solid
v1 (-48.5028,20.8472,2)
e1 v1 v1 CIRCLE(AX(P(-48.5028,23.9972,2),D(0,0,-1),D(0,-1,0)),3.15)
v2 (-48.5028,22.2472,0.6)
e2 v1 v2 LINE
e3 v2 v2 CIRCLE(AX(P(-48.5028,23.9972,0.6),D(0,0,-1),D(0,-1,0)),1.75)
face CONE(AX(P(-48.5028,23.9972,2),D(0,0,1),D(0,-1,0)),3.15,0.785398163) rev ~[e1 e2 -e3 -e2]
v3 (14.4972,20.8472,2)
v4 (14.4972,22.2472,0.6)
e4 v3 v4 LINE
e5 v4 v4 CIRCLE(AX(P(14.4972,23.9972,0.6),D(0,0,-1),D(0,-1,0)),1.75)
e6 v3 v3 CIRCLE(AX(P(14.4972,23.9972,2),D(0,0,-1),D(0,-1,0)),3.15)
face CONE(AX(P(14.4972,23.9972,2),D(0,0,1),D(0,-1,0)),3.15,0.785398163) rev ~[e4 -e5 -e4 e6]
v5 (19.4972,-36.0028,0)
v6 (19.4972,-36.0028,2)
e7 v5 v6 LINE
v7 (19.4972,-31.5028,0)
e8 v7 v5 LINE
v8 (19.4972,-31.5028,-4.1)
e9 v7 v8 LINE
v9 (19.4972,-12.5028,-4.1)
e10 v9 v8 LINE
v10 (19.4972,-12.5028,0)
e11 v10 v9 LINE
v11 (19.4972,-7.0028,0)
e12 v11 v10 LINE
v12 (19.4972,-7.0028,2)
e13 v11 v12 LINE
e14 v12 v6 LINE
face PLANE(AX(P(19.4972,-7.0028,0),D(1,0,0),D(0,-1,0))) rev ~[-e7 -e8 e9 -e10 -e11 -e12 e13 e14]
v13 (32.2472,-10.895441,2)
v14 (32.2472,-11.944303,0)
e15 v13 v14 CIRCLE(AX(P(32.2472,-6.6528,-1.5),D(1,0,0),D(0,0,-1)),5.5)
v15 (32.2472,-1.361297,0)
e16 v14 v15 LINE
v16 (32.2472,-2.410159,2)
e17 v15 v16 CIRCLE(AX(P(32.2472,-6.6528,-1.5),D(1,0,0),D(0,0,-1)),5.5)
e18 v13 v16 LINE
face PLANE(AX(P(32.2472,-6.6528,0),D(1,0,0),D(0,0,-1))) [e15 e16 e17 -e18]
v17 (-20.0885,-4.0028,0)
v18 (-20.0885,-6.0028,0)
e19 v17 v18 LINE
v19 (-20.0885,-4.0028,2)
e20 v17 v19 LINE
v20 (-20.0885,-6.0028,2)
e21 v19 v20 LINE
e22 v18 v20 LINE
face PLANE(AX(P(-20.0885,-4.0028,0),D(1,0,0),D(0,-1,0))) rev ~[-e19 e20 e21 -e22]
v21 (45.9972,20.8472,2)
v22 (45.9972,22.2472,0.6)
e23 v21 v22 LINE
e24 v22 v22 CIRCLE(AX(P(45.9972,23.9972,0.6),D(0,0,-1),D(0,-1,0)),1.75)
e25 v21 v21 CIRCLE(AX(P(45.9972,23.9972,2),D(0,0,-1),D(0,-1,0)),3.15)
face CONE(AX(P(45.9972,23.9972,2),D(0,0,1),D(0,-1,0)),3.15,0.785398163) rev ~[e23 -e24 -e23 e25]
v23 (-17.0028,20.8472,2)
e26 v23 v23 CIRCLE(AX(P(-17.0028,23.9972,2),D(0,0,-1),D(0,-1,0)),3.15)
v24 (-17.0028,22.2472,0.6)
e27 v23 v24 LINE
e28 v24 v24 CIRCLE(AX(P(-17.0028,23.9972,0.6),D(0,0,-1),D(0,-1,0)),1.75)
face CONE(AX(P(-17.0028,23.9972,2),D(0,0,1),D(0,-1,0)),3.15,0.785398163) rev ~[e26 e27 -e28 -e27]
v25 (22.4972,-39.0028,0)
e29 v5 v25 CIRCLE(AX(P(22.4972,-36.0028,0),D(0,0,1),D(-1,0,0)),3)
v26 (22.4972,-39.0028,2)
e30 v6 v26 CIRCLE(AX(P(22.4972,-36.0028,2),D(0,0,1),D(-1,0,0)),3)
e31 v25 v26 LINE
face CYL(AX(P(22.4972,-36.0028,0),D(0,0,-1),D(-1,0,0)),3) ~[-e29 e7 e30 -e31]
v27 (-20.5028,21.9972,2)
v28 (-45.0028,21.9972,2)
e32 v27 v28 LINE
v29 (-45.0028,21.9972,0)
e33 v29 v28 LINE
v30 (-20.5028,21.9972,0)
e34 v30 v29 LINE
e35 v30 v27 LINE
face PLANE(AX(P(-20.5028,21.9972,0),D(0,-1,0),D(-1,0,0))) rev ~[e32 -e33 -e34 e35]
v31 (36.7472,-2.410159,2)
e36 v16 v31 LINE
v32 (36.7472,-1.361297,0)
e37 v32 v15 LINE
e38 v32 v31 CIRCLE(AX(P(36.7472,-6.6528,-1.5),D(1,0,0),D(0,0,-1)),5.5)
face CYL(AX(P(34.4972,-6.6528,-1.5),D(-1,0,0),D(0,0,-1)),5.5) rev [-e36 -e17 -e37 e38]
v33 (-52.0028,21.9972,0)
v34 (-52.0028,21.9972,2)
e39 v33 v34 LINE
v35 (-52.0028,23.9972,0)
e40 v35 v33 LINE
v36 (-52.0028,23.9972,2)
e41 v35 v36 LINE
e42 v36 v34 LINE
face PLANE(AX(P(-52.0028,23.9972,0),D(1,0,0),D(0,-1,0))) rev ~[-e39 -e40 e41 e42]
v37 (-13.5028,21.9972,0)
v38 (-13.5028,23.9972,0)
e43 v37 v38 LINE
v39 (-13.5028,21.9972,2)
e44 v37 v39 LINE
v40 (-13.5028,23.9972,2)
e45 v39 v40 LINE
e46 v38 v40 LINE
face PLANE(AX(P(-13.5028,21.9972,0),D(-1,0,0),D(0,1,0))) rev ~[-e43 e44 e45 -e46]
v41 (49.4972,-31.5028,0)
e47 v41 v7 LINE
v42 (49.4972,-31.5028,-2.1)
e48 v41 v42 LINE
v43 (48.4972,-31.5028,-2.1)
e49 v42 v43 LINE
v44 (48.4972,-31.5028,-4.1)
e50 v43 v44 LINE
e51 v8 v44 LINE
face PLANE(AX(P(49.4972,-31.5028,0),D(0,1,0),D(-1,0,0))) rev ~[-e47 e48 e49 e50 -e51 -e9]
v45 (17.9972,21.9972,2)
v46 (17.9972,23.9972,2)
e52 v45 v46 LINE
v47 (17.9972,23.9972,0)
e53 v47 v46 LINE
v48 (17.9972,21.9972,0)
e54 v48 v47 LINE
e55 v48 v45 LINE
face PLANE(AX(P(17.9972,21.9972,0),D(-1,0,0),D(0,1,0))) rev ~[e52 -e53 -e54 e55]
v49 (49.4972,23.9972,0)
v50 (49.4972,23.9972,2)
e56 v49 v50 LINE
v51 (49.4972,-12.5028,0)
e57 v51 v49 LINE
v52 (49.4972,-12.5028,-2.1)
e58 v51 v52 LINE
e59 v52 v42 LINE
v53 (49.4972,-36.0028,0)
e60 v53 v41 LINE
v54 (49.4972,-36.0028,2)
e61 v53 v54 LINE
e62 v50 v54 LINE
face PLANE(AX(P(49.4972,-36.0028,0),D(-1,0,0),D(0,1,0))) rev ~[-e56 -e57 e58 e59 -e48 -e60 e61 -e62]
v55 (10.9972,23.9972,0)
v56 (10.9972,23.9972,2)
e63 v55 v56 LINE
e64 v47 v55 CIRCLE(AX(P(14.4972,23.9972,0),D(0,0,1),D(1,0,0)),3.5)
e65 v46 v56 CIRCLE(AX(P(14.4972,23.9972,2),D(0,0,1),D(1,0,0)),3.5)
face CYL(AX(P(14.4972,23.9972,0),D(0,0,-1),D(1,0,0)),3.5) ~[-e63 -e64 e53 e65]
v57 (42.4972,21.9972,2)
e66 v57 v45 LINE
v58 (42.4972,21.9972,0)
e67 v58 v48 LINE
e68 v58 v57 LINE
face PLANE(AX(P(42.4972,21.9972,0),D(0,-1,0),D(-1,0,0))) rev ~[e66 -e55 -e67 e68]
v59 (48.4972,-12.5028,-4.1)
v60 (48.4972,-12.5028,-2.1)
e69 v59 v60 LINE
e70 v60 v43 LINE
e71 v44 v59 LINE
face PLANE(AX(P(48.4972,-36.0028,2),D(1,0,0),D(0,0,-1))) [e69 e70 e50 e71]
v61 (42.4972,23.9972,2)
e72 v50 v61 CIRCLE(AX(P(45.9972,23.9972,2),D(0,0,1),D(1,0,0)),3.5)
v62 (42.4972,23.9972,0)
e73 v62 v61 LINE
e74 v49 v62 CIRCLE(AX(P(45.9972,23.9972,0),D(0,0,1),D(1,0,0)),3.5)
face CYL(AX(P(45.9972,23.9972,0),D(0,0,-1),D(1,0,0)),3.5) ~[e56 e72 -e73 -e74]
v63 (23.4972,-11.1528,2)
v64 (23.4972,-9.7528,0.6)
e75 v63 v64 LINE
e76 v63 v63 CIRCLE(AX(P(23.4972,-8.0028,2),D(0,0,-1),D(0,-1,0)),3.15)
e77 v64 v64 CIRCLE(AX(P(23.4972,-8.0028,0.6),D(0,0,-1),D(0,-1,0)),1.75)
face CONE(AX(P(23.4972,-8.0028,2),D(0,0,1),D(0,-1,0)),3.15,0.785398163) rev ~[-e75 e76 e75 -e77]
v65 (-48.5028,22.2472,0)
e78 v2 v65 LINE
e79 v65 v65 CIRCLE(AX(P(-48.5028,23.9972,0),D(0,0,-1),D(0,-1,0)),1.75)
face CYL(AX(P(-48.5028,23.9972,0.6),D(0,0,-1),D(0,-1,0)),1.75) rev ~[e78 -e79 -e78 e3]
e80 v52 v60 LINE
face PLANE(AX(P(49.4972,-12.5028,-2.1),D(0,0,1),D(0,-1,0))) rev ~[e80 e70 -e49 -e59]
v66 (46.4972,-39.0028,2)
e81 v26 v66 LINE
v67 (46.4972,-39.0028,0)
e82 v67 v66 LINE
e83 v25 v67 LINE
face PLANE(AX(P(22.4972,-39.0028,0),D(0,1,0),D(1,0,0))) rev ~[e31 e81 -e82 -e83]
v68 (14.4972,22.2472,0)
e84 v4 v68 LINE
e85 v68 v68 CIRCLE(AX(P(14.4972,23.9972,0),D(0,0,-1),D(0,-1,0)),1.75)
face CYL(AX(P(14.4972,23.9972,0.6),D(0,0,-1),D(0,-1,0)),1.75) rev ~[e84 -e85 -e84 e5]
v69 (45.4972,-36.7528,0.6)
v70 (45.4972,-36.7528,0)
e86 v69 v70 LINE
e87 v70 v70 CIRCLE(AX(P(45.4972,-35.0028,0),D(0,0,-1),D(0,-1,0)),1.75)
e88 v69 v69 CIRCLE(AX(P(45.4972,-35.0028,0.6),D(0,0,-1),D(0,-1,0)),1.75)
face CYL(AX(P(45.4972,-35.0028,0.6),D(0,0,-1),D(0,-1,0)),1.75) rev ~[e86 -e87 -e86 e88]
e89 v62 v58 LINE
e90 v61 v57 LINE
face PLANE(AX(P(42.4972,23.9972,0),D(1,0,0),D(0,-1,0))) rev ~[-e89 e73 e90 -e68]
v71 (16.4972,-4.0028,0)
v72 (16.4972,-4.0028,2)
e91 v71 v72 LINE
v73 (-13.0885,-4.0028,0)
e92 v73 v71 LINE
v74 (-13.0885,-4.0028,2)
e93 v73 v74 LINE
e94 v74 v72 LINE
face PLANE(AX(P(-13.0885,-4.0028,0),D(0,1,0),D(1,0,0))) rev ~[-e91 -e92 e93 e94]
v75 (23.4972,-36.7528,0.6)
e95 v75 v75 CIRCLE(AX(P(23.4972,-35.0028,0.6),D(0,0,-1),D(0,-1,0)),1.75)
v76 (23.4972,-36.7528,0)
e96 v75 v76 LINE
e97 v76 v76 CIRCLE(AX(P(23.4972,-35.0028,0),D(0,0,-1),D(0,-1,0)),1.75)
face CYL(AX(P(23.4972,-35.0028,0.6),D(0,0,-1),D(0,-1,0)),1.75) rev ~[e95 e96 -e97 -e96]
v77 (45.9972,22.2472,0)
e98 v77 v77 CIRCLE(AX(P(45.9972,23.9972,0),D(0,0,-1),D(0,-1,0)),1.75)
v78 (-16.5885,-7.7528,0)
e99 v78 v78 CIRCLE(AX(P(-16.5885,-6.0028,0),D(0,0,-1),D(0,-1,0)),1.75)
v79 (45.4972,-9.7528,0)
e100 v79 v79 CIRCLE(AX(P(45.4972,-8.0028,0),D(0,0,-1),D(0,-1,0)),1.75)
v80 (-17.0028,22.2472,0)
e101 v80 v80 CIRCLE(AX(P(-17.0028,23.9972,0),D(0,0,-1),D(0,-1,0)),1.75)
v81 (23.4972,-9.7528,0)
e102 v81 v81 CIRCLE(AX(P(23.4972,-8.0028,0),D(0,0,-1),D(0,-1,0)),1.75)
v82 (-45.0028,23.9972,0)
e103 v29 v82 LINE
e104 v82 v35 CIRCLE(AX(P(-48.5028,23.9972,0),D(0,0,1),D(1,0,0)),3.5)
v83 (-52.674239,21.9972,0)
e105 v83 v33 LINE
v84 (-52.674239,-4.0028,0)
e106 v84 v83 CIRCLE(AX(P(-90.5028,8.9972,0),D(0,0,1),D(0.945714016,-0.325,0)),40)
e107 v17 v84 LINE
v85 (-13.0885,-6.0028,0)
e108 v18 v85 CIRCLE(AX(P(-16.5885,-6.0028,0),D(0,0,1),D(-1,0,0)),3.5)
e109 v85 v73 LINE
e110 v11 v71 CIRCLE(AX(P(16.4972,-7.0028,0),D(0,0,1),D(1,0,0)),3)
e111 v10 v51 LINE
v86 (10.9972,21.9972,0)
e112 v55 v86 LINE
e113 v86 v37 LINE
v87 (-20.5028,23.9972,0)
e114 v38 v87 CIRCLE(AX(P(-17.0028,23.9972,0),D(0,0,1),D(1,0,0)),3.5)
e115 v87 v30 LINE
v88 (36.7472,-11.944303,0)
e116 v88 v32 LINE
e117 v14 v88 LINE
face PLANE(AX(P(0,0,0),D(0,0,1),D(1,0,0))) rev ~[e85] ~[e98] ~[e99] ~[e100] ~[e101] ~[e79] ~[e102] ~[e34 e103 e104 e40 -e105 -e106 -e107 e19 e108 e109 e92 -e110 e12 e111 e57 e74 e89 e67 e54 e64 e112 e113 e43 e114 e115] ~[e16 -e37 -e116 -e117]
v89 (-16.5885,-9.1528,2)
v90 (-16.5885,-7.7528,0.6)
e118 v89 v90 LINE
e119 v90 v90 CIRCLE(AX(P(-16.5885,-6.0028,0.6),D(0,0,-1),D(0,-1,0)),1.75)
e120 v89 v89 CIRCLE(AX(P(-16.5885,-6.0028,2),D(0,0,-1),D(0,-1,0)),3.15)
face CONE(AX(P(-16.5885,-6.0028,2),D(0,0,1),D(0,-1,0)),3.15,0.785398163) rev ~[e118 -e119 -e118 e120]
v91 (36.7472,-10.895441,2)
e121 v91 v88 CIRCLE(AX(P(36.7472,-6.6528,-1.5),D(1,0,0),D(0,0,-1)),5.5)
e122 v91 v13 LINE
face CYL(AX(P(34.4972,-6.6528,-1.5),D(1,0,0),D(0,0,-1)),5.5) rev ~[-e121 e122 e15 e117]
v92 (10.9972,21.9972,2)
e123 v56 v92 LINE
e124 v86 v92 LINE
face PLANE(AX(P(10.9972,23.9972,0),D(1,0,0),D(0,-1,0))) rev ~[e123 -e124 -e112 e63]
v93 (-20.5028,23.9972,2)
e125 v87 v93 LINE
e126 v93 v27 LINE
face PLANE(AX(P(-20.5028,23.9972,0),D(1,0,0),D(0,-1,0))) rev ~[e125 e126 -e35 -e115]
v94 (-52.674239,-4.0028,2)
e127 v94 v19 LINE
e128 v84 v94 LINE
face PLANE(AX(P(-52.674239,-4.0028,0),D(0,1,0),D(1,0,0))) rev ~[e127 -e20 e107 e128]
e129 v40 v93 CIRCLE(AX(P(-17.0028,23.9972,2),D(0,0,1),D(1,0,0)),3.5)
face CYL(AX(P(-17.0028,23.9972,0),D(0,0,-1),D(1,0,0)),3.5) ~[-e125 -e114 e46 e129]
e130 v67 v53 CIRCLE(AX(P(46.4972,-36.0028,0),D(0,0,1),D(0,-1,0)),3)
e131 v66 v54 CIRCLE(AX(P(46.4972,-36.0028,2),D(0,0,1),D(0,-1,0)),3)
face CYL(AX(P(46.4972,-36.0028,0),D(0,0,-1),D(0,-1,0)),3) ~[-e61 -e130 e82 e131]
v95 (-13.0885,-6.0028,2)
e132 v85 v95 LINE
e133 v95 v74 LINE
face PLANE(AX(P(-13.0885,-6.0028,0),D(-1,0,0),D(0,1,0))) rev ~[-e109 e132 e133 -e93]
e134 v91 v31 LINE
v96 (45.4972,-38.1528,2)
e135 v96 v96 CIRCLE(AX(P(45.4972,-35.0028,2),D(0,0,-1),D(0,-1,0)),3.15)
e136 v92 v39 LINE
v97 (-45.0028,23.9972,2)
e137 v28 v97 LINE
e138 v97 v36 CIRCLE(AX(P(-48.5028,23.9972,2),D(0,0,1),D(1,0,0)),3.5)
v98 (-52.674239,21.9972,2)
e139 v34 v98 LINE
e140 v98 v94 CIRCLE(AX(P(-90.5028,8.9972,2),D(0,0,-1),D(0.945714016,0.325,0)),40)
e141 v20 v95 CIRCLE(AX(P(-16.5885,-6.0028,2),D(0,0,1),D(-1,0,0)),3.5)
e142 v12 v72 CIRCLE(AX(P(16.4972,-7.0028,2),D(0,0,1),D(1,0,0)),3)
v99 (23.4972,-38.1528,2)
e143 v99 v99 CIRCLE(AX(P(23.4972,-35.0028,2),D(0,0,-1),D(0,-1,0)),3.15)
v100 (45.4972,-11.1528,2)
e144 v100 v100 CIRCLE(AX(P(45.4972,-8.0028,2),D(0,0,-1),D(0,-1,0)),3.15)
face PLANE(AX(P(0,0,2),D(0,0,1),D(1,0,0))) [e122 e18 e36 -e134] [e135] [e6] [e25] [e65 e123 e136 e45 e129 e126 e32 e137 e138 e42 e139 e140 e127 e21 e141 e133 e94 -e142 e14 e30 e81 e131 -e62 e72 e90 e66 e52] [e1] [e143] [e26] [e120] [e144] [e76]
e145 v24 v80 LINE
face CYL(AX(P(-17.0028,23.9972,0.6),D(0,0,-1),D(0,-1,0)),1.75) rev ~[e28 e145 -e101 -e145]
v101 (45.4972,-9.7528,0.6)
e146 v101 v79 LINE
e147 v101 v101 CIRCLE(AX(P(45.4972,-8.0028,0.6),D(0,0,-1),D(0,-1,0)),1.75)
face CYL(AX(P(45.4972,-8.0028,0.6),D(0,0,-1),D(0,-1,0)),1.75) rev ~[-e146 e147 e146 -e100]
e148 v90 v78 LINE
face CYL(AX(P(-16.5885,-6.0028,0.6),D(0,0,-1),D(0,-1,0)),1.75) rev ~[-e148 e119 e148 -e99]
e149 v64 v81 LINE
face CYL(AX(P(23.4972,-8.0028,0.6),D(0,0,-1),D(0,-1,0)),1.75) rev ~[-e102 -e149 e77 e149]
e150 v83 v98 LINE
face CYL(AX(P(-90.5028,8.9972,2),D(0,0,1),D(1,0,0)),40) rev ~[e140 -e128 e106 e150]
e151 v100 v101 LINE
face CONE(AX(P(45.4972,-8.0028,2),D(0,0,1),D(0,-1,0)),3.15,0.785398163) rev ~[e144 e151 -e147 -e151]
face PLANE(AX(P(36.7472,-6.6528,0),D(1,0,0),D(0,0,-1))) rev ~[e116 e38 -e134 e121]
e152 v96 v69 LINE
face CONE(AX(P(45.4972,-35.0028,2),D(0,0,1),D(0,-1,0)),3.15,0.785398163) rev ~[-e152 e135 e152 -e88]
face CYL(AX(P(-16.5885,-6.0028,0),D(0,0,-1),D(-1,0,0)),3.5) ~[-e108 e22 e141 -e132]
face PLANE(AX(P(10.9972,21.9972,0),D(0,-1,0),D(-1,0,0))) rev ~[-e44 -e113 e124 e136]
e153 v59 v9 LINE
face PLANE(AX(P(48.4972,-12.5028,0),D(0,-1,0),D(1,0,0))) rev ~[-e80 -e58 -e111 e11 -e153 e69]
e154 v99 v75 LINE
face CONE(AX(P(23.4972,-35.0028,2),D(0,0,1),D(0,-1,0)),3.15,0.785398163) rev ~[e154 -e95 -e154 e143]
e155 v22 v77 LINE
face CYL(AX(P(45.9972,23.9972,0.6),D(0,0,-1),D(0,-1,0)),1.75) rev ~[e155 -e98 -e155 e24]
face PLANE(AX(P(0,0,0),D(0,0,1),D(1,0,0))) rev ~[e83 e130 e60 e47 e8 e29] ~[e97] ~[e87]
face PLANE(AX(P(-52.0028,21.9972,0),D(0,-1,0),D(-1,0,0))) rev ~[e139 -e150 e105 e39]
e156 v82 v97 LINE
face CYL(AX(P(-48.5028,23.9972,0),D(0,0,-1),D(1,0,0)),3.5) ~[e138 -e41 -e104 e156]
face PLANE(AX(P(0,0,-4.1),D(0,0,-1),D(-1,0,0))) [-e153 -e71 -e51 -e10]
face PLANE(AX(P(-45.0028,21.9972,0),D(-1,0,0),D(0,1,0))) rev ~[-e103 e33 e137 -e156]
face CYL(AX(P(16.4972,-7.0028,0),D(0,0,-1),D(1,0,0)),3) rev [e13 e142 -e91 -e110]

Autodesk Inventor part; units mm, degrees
ref_plane "Work Plane1" through (0, 0, 0) normal (0, 0, 1) x (1, 0, 0)
ref_plane "Work Plane2" through (0, 0, 0) normal (0, 0, 1) x (1, 0, 0)
ref_plane "Work Plane3" through (0, 0, 0) normal (0, 0, 1) x (1, 0, 0)
ref_plane "Work Plane4" through (0, 0, 0) normal (0, 0, 1) x (1, 0, 0)
sketch "Sketch4" plane through (0, 0, 0) normal (0, 0, 1) x (1, 0, 0)
  line L0 (49.4972, -32.0028) -> (22.4972, -32.0028) projected
  line L1 (22.4972, -32.0028) -> (22.4972, -12.0028) projected
  line L2 (22.4972, -12.0028) -> (49.4972, -12.0028) projected
  line L3 (49.4972, -12.0028) -> (49.4972, -1.3028) projected
  line L4 (49.4972, -1.3028) -> (-34.5028, -1.3028) projected
  line L5 (-34.5028, -1.3028) -> (-34.5028, 19.2972) projected
  line L6 (-34.5028, 19.2972) -> (49.4972, 19.2972) projected
  line L7 (49.4972, 19.2972) -> (49.4972, 23.9972) projected
  arc A0 (49.4972, 23.9972) -> (42.4972, 23.9972) centre (45.9972, 23.9972) ccw projected
  line L8 (42.4972, 23.9972) -> (42.4972, 21.9972) projected
  line L9 (42.4972, 21.9972) -> (17.9972, 21.9972) projected
  line L10 (17.9972, 21.9972) -> (17.9972, 23.9972) projected
  arc A1 (17.9972, 23.9972) -> (10.9972, 23.9972) centre (14.4972, 23.9972) ccw projected
  line L11 (10.9972, 23.9972) -> (10.9972, 21.9972) projected
  line L12 (10.9972, 21.9972) -> (-13.5028, 21.9972) projected
  line L13 (-13.5028, 21.9972) -> (-13.5028, 23.9972) projected
  arc A2 (-13.5028, 23.9972) -> (-20.5028, 23.9972) centre (-17.0028, 23.9972) ccw projected
  line L14 (-20.5028, 23.9972) -> (-20.5028, 21.9972) projected
  line L15 (-20.5028, 21.9972) -> (-45.0028, 21.9972) projected
  line L16 (-45.0028, 21.9972) -> (-45.0028, 23.9972) projected
  arc A3 (-45.0028, 23.9972) -> (-52.0028, 23.9972) centre (-48.5028, 23.9972) ccw projected
  line L17 (-52.0028, 23.9972) -> (-52.0028, 21.9972) projected
  line L18 (-52.0028, 21.9972) -> (-66.5028, 21.9972) projected
  line L19 (-66.5028, 21.9972) -> (-66.5028, -4.0028) projected
  line L20 (-66.5028, -4.0028) -> (-20.0885, -4.0028) projected
  line L21 (-20.0885, -4.0028) -> (-20.0885, -6.0028) projected
  arc A4 (-20.0885, -6.0028) -> (-13.0885, -6.0028) centre (-16.5885, -6.0028) ccw projected
  line L22 (-13.0885, -6.0028) -> (-13.0885, -4.0028) projected
  line L23 (-13.0885, -4.0028) -> (16.4972, -4.0028) projected
  line L24 (19.4972, -7.0028) -> (19.4972, -36.0028) projected
  line L25 (22.4972, -39.0028) -> (46.4972, -39.0028) projected
  line L26 (49.4972, -36.0028) -> (49.4972, -32.0028) projected
  circle A5 centre (-48.5028, 23.9972) radius 2 projected
  circle A6 centre (-17.0028, 23.9972) radius 2 projected
  circle A7 centre (14.4972, 23.9972) radius 2 projected
  circle A8 centre (45.9972, 23.9972) radius 2 projected
  circle A9 centre (-16.5885, -6.0028) radius 2 projected
  circle A10 centre (45.4972, -8.0028) radius 2 projected
  circle A11 centre (23.4972, -35.0028) radius 2 projected
  circle A12 centre (45.4972, -35.0028) radius 2 projected
  circle A13 centre (23.4972, -8.0028) radius 2 projected
  circle A14 centre (-90.5028, 8.9972) radius 40 projected
  line L27 (49.4972, 19.2972) -> (49.4972, -1.3028) projected
  line L28 (49.4972, 19.2972) -> (-34.5028, 19.2972) projected
  line L29 (-34.5028, 19.2972) -> (-34.5028, -1.3028) projected
  line L30 (49.4972, -1.3028) -> (-34.5028, -1.3028) projected
  circle A15 centre (-90.5028, 8.9972) radius 40 projected
  line L31 (49.4972, -32.0028) -> (22.4972, -32.0028) projected
  line L32 (49.4972, -12.0028) -> (49.4972, -32.0028) projected
  line L33 (22.4972, -12.0028) -> (49.4972, -12.0028) projected
  line L34 (22.4972, -32.0028) -> (22.4972, -12.0028) projected
  arc A16 (19.4972, -36.0028) -> (22.4972, -39.0028) centre (22.4972, -36.0028) ccw projected
  arc A17 (46.4972, -39.0028) -> (49.4972, -36.0028) centre (46.4972, -36.0028) ccw projected
  arc A18 (19.4972, -7.0028) -> (16.4972, -4.0028) centre (16.4972, -7.0028) ccw projected
  circle A19 centre (-62.0028, 0.4972) radius 2 projected
  circle A20 centre (-62.0028, 17.4972) radius 2 projected
  circle A21 centre (-56.0028, 8.9972) radius 2 projected
  point P0 (0, 0)
extrude "Extrusion1" add sketch "Sketch4" along normal blind 2 contours L26 A17 L25 A16 L24 A18 L23 L22 A4 L21 L20 A14 L18 L17 A3 L16 L15 L14 A2 L13 L12 L11 A1 L10 L9 L8 A0 L7 L6 L5 L4 L3 L2 L1 L0 | L0 L1 L2 L32 | L4 L5 L6 L27 | L20 L19 L18 A14 | A5 | A6 | A7 | A8 | A9 | A10 | A11 | A12 | A13 | A19 | A20 | A21 picked at (-65.6501, 6.3234)
sketch "Sketch5" plane through (0, 0, 2) normal (0, 0, 1) x (1, 0, 0)
  circle A0 centre (-90.5028, 8.9972) radius 40 projected
  point P0 (0, 0)
extrude "Extrusion2" cut sketch "Sketch5" against normal blind 3
sketch "Sketch6" plane through (0, 0, 0) normal (0, 0, -1) x (-1, 0, 0)
  line L0 (-49.4972, -36.0028) -> (-49.4972, 23.9972) projected
  line L1 (-19.4972, -7.0028) -> (-19.4972, -36.0028) projected
  line L2 (13.0885, -4.0028) -> (-16.4972, -4.0028) projected
  line L3 (-22.4972, -39.0028) -> (-46.4972, -39.0028) projected
  line L4 (-49.4972, -31.5028) -> (-19.4972, -31.5028)
  line L5 (-19.4972, -31.5028) -> (-19.4972, -12.5028)
  line L6 (-19.4972, -12.5028) -> (-49.4972, -12.5028)
  line L7 (-49.4972, -12.5028) -> (-49.4972, -31.5028)
  line L8 (-49.4972, -31.5028) -> (-19.4972, -12.5028) construction
  line L9 (-19.4972, -31.5028) -> (-49.4972, -12.5028) construction
  line L10 (-19.4972, -7.0028) -> (-19.4972, -36.0028) projected
  line L11 (-49.4972, -36.0028) -> (-49.4972, 23.9972) projected
  line L12 (-48.4972, -12.5028) -> (-48.4972, -31.5028)
  point P0 (0, 0)
  point P1 (-19.4972, -21.5028)
  point P2 (-34.4972, -22.0028)
  dimension "d42" = 19
  dimension "d45" = 7.5
  dimension "d47" = 1
extrude "Extrusion3" add sketch "Sketch6" along normal blind 4.1
sketch "Sketch7" plane through (0, 0, 2) normal (0, 0, 1) x (1, 0, 0)
  circle A0 centre (-48.5028, 23.9972) radius 2 projected
  circle A1 centre (-17.0028, 23.9972) radius 2 projected
  circle A2 centre (14.4972, 23.9972) radius 2 projected
  circle A3 centre (45.9972, 23.9972) radius 2 projected
  circle A4 centre (-16.5885, -6.0028) radius 2 projected
  circle A5 centre (23.4972, -35.0028) radius 2 projected
  circle A6 centre (23.4972, -8.0028) radius 2 projected
  circle A7 centre (45.4972, -8.0028) radius 2 projected
  circle A8 centre (45.4972, -35.0028) radius 2 projected
  point P0 (0, 0)
hole "Hole1" at (-16.5885, -6.0028, 2) at (-17.0028, 23.9972, 2) at (-48.5028, 23.9972, 2) at (14.4972, 23.9972, 2) at (45.9972, 23.9972, 2) at (23.4972, -8.0028, 2) at (45.4972, -8.0028, 2) at (45.4972, -35.0028, 2) at (23.4972, -35.0028, 2) direction (0, 0, -1) diameter 3.5 end through all countersink diameter 6.3 countersink angle 90
ref_plane "Work Plane5" through (22.4972, -32.0028, -15) normal (1, 0, 0) x (0, 1, 0)
sketch "Sketch13" plane through (0, 0, 0) normal (0, 0, -1) x (-1, 0, 0)
  line L0 (-42.4972, 21.9972) -> (-17.9972, 21.9972) projected
  line L1 (-49.4972, -36.0028) -> (-49.4972, 23.9972) projected
  line L2 (-19.4972, -7.0028) -> (-19.4972, -36.0028) projected
  point P0 (0, 0)
  point P1 (-34.4972, -6.6528)
  point P2 (-49.4972, -12.0028)
  point P3 (-19.4972, -12.0028)
  dimension "d28" = 28.65
  dimension "d29" = 30
  dimension "d30" = 15
ref_plane "Work Plane6" through (34.4972, -6.6528, 0) normal (1, 0, 0) x (0, 0, -1)
sketch "Sketch14" plane through (34.4972, -6.6528, 0) normal (1, 0, 0) x (0, 0, -1)
  circle A0 centre (1.5, 0) radius 5.5
  line L0 (-2, -29.35) -> (-2, 30.65) construction
  circle A1 centre (1.5, 0) radius 5 construction
  line L1 (-3.5, 0) -> (-3.5, 4.6838) construction
  point P0 (0, 6.6528)
  point P1 (0, 0)
  dimension "d34" = 10
  dimension "d31" = 1.5
  dimension "d32" = 11
extrude "Extrusion7" cut sketch "Sketch14" along normal mid plane 4.5
sketch "Sketch15" plane through (49.4972, -36.0028, 2) normal (1, 0, 0) x (0, 0, -1)
  line L0 (6.1, 4.5) -> (6.1, 23.5) projected
  line L1 (2, 4.5) -> (6.1, 4.5) projected
  line L2 (6.1, 23.5) -> (4.1, 23.5)
  line L3 (4.1, 23.5) -> (4.1, 4.5)
  line L4 (4.1, 4.5) -> (6.1, 4.5)
  line L5 (6.1, 4.5) -> (6.1, 23.5)
  point P0 (2, 36.0028)
  point P1 (6.1, 18.5)
  dimension "d48" = 2
extrude "Extrusion8" cut sketch "Sketch15" against normal blind 1
equation "\"d30\" = 0.5 * d29"
properties part number "support_fourche_partie_capot"
